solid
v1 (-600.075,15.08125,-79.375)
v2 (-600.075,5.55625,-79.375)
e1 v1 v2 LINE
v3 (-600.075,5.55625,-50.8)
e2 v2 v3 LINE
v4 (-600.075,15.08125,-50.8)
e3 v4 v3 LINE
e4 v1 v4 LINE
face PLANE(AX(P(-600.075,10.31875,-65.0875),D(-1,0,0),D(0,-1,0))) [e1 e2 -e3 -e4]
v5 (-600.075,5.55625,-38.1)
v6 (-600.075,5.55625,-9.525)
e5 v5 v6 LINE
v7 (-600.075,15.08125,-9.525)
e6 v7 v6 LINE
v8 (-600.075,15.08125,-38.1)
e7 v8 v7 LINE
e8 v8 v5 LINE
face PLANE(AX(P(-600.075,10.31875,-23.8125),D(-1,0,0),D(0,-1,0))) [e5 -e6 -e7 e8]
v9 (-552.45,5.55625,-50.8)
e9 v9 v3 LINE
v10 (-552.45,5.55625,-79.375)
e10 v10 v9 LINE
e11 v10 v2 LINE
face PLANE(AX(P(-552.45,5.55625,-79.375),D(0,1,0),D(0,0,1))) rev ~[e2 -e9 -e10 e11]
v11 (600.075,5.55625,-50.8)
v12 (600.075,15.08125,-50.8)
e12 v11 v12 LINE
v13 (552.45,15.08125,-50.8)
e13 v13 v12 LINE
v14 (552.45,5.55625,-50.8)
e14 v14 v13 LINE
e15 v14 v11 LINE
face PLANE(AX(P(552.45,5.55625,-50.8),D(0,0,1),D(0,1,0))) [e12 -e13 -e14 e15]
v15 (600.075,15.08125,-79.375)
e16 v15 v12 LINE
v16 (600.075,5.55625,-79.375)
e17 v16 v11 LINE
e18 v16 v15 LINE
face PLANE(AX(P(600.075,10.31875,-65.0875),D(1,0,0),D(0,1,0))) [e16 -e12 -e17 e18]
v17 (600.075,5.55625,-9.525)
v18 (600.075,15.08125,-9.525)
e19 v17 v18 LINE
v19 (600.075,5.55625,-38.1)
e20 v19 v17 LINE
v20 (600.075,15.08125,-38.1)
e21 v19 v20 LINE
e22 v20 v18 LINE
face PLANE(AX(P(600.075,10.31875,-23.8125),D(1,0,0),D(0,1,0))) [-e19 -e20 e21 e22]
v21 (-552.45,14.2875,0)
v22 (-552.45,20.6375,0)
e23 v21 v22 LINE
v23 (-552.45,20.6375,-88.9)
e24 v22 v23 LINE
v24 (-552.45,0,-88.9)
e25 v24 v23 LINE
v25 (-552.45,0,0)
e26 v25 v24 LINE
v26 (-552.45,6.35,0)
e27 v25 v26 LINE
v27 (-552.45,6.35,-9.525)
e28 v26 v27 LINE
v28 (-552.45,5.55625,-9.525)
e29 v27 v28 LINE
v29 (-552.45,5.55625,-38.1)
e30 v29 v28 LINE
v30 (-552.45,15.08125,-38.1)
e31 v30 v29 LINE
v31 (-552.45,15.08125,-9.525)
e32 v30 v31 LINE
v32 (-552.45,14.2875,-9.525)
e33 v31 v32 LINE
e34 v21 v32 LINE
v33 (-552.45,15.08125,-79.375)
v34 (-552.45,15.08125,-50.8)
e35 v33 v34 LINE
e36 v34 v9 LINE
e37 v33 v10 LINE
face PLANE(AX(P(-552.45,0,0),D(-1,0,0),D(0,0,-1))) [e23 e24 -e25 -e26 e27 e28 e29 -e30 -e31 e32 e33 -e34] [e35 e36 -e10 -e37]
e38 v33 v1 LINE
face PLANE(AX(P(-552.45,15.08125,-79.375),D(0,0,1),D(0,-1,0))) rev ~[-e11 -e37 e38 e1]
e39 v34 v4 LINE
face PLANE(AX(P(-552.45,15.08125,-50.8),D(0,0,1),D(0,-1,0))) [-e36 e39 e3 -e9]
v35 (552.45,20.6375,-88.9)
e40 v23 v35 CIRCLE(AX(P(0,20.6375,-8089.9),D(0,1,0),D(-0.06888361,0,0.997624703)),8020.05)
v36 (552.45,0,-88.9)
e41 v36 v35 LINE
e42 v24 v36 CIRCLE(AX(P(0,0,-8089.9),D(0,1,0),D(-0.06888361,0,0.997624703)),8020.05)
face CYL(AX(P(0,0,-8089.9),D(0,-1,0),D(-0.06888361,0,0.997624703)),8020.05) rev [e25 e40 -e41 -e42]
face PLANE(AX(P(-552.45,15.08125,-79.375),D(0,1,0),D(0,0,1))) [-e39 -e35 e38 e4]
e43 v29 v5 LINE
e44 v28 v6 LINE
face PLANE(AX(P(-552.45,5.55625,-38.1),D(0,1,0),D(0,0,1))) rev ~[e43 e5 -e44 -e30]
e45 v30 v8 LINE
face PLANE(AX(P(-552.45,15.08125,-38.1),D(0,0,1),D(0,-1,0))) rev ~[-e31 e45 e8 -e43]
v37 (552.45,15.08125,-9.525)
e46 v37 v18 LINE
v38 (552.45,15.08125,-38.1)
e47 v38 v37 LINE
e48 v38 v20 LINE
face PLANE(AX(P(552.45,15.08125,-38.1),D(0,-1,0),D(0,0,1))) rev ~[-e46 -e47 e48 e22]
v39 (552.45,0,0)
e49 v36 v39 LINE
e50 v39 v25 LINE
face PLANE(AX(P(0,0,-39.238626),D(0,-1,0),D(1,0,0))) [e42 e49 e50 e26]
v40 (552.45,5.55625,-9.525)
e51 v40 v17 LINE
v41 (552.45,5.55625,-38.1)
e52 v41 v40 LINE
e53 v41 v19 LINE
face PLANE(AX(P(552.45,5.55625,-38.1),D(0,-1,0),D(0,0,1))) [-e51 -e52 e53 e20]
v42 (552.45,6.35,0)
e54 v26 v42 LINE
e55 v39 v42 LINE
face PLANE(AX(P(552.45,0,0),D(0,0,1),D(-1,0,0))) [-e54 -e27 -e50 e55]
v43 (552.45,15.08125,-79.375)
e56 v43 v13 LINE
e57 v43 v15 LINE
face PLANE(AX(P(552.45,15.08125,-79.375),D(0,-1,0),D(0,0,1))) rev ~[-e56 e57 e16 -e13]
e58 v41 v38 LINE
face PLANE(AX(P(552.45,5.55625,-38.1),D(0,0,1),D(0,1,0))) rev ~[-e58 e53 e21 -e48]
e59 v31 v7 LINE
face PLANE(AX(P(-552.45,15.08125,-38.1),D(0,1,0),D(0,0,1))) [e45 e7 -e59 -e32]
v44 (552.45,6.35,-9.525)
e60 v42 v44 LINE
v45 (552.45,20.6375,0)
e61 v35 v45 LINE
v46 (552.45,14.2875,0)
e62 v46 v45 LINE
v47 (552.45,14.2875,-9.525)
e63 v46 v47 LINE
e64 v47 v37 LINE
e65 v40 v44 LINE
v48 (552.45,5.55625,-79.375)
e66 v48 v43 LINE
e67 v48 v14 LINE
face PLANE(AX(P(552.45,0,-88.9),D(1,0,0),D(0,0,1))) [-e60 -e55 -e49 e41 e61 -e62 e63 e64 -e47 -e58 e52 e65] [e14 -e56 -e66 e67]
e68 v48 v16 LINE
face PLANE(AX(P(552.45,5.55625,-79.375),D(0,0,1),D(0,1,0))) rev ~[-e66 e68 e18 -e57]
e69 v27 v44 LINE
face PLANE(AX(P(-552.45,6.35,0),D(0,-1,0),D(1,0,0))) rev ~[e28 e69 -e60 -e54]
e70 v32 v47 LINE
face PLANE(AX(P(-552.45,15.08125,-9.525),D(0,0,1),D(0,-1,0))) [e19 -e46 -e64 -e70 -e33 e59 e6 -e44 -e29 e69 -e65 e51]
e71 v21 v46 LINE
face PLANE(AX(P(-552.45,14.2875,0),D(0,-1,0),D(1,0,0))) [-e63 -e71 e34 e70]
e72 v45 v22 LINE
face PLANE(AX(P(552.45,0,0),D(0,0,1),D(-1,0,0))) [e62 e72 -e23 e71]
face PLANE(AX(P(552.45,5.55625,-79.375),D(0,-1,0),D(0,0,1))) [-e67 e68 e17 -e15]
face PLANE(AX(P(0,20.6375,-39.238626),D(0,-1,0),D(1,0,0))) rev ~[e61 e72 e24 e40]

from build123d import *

# Parameters (mm, degrees)
F1_DEPTH = 20.6375
F2_W     = 9.525
F2_H     = 28.575
F3_DEPTH = 47.625
F4_W     = 9.525
F4_H     = 28.575
F5_DEPTH = 47.625
F6_W     = 1104.9
F6_H     = 7.9375
F7_DEPTH = 9.525


with BuildPart() as f1:
    # F0 (on Front) → F1 (new body)
    with BuildSketch(Plane.XZ):
        with BuildLine():
            Line((552.45, 0), (0, 0))
            Line((0, 0), (-552.45, 0))
            Line((-552.45, 0), (-552.45, -88.9))
            ThreePointArc((-552.45, -88.9), (0, -69.85), (552.45, -88.9))
            Line((552.45, -88.9), (552.45, 0))
        make_face()
    extrude(amount=-F1_DEPTH)

    # F2 (on face) → F3 (join)
    with BuildSketch(Plane(origin=(-552.45, 0, 0), x_dir=(0, -1, 0), z_dir=(-1, 0, 0))):
        with Locations((-10.31875, -23.8125)):
            Rectangle(F2_W, F2_H)
        with Locations((-10.31875, -65.0875)):
            Rectangle(F2_W, F2_H)
    extrude(amount=F3_DEPTH)

    # F4 (on face) → F5 (join)
    with BuildSketch(Plane.YZ.offset(552.45)):
        with Locations((10.31875, -23.8125)):
            Rectangle(F4_W, F4_H)
        with Locations((10.31875, -65.0875)):
            Rectangle(F4_W, F4_H)
    extrude(amount=F5_DEPTH)

    # F6 (on face) → F7 (cut)
    with BuildSketch(Plane.XY):
        with Locations((0, 10.31875)):
            Rectangle(F6_W, F6_H)
    extrude(amount=-F7_DEPTH, mode=Mode.SUBTRACT)


solid = f1.part
